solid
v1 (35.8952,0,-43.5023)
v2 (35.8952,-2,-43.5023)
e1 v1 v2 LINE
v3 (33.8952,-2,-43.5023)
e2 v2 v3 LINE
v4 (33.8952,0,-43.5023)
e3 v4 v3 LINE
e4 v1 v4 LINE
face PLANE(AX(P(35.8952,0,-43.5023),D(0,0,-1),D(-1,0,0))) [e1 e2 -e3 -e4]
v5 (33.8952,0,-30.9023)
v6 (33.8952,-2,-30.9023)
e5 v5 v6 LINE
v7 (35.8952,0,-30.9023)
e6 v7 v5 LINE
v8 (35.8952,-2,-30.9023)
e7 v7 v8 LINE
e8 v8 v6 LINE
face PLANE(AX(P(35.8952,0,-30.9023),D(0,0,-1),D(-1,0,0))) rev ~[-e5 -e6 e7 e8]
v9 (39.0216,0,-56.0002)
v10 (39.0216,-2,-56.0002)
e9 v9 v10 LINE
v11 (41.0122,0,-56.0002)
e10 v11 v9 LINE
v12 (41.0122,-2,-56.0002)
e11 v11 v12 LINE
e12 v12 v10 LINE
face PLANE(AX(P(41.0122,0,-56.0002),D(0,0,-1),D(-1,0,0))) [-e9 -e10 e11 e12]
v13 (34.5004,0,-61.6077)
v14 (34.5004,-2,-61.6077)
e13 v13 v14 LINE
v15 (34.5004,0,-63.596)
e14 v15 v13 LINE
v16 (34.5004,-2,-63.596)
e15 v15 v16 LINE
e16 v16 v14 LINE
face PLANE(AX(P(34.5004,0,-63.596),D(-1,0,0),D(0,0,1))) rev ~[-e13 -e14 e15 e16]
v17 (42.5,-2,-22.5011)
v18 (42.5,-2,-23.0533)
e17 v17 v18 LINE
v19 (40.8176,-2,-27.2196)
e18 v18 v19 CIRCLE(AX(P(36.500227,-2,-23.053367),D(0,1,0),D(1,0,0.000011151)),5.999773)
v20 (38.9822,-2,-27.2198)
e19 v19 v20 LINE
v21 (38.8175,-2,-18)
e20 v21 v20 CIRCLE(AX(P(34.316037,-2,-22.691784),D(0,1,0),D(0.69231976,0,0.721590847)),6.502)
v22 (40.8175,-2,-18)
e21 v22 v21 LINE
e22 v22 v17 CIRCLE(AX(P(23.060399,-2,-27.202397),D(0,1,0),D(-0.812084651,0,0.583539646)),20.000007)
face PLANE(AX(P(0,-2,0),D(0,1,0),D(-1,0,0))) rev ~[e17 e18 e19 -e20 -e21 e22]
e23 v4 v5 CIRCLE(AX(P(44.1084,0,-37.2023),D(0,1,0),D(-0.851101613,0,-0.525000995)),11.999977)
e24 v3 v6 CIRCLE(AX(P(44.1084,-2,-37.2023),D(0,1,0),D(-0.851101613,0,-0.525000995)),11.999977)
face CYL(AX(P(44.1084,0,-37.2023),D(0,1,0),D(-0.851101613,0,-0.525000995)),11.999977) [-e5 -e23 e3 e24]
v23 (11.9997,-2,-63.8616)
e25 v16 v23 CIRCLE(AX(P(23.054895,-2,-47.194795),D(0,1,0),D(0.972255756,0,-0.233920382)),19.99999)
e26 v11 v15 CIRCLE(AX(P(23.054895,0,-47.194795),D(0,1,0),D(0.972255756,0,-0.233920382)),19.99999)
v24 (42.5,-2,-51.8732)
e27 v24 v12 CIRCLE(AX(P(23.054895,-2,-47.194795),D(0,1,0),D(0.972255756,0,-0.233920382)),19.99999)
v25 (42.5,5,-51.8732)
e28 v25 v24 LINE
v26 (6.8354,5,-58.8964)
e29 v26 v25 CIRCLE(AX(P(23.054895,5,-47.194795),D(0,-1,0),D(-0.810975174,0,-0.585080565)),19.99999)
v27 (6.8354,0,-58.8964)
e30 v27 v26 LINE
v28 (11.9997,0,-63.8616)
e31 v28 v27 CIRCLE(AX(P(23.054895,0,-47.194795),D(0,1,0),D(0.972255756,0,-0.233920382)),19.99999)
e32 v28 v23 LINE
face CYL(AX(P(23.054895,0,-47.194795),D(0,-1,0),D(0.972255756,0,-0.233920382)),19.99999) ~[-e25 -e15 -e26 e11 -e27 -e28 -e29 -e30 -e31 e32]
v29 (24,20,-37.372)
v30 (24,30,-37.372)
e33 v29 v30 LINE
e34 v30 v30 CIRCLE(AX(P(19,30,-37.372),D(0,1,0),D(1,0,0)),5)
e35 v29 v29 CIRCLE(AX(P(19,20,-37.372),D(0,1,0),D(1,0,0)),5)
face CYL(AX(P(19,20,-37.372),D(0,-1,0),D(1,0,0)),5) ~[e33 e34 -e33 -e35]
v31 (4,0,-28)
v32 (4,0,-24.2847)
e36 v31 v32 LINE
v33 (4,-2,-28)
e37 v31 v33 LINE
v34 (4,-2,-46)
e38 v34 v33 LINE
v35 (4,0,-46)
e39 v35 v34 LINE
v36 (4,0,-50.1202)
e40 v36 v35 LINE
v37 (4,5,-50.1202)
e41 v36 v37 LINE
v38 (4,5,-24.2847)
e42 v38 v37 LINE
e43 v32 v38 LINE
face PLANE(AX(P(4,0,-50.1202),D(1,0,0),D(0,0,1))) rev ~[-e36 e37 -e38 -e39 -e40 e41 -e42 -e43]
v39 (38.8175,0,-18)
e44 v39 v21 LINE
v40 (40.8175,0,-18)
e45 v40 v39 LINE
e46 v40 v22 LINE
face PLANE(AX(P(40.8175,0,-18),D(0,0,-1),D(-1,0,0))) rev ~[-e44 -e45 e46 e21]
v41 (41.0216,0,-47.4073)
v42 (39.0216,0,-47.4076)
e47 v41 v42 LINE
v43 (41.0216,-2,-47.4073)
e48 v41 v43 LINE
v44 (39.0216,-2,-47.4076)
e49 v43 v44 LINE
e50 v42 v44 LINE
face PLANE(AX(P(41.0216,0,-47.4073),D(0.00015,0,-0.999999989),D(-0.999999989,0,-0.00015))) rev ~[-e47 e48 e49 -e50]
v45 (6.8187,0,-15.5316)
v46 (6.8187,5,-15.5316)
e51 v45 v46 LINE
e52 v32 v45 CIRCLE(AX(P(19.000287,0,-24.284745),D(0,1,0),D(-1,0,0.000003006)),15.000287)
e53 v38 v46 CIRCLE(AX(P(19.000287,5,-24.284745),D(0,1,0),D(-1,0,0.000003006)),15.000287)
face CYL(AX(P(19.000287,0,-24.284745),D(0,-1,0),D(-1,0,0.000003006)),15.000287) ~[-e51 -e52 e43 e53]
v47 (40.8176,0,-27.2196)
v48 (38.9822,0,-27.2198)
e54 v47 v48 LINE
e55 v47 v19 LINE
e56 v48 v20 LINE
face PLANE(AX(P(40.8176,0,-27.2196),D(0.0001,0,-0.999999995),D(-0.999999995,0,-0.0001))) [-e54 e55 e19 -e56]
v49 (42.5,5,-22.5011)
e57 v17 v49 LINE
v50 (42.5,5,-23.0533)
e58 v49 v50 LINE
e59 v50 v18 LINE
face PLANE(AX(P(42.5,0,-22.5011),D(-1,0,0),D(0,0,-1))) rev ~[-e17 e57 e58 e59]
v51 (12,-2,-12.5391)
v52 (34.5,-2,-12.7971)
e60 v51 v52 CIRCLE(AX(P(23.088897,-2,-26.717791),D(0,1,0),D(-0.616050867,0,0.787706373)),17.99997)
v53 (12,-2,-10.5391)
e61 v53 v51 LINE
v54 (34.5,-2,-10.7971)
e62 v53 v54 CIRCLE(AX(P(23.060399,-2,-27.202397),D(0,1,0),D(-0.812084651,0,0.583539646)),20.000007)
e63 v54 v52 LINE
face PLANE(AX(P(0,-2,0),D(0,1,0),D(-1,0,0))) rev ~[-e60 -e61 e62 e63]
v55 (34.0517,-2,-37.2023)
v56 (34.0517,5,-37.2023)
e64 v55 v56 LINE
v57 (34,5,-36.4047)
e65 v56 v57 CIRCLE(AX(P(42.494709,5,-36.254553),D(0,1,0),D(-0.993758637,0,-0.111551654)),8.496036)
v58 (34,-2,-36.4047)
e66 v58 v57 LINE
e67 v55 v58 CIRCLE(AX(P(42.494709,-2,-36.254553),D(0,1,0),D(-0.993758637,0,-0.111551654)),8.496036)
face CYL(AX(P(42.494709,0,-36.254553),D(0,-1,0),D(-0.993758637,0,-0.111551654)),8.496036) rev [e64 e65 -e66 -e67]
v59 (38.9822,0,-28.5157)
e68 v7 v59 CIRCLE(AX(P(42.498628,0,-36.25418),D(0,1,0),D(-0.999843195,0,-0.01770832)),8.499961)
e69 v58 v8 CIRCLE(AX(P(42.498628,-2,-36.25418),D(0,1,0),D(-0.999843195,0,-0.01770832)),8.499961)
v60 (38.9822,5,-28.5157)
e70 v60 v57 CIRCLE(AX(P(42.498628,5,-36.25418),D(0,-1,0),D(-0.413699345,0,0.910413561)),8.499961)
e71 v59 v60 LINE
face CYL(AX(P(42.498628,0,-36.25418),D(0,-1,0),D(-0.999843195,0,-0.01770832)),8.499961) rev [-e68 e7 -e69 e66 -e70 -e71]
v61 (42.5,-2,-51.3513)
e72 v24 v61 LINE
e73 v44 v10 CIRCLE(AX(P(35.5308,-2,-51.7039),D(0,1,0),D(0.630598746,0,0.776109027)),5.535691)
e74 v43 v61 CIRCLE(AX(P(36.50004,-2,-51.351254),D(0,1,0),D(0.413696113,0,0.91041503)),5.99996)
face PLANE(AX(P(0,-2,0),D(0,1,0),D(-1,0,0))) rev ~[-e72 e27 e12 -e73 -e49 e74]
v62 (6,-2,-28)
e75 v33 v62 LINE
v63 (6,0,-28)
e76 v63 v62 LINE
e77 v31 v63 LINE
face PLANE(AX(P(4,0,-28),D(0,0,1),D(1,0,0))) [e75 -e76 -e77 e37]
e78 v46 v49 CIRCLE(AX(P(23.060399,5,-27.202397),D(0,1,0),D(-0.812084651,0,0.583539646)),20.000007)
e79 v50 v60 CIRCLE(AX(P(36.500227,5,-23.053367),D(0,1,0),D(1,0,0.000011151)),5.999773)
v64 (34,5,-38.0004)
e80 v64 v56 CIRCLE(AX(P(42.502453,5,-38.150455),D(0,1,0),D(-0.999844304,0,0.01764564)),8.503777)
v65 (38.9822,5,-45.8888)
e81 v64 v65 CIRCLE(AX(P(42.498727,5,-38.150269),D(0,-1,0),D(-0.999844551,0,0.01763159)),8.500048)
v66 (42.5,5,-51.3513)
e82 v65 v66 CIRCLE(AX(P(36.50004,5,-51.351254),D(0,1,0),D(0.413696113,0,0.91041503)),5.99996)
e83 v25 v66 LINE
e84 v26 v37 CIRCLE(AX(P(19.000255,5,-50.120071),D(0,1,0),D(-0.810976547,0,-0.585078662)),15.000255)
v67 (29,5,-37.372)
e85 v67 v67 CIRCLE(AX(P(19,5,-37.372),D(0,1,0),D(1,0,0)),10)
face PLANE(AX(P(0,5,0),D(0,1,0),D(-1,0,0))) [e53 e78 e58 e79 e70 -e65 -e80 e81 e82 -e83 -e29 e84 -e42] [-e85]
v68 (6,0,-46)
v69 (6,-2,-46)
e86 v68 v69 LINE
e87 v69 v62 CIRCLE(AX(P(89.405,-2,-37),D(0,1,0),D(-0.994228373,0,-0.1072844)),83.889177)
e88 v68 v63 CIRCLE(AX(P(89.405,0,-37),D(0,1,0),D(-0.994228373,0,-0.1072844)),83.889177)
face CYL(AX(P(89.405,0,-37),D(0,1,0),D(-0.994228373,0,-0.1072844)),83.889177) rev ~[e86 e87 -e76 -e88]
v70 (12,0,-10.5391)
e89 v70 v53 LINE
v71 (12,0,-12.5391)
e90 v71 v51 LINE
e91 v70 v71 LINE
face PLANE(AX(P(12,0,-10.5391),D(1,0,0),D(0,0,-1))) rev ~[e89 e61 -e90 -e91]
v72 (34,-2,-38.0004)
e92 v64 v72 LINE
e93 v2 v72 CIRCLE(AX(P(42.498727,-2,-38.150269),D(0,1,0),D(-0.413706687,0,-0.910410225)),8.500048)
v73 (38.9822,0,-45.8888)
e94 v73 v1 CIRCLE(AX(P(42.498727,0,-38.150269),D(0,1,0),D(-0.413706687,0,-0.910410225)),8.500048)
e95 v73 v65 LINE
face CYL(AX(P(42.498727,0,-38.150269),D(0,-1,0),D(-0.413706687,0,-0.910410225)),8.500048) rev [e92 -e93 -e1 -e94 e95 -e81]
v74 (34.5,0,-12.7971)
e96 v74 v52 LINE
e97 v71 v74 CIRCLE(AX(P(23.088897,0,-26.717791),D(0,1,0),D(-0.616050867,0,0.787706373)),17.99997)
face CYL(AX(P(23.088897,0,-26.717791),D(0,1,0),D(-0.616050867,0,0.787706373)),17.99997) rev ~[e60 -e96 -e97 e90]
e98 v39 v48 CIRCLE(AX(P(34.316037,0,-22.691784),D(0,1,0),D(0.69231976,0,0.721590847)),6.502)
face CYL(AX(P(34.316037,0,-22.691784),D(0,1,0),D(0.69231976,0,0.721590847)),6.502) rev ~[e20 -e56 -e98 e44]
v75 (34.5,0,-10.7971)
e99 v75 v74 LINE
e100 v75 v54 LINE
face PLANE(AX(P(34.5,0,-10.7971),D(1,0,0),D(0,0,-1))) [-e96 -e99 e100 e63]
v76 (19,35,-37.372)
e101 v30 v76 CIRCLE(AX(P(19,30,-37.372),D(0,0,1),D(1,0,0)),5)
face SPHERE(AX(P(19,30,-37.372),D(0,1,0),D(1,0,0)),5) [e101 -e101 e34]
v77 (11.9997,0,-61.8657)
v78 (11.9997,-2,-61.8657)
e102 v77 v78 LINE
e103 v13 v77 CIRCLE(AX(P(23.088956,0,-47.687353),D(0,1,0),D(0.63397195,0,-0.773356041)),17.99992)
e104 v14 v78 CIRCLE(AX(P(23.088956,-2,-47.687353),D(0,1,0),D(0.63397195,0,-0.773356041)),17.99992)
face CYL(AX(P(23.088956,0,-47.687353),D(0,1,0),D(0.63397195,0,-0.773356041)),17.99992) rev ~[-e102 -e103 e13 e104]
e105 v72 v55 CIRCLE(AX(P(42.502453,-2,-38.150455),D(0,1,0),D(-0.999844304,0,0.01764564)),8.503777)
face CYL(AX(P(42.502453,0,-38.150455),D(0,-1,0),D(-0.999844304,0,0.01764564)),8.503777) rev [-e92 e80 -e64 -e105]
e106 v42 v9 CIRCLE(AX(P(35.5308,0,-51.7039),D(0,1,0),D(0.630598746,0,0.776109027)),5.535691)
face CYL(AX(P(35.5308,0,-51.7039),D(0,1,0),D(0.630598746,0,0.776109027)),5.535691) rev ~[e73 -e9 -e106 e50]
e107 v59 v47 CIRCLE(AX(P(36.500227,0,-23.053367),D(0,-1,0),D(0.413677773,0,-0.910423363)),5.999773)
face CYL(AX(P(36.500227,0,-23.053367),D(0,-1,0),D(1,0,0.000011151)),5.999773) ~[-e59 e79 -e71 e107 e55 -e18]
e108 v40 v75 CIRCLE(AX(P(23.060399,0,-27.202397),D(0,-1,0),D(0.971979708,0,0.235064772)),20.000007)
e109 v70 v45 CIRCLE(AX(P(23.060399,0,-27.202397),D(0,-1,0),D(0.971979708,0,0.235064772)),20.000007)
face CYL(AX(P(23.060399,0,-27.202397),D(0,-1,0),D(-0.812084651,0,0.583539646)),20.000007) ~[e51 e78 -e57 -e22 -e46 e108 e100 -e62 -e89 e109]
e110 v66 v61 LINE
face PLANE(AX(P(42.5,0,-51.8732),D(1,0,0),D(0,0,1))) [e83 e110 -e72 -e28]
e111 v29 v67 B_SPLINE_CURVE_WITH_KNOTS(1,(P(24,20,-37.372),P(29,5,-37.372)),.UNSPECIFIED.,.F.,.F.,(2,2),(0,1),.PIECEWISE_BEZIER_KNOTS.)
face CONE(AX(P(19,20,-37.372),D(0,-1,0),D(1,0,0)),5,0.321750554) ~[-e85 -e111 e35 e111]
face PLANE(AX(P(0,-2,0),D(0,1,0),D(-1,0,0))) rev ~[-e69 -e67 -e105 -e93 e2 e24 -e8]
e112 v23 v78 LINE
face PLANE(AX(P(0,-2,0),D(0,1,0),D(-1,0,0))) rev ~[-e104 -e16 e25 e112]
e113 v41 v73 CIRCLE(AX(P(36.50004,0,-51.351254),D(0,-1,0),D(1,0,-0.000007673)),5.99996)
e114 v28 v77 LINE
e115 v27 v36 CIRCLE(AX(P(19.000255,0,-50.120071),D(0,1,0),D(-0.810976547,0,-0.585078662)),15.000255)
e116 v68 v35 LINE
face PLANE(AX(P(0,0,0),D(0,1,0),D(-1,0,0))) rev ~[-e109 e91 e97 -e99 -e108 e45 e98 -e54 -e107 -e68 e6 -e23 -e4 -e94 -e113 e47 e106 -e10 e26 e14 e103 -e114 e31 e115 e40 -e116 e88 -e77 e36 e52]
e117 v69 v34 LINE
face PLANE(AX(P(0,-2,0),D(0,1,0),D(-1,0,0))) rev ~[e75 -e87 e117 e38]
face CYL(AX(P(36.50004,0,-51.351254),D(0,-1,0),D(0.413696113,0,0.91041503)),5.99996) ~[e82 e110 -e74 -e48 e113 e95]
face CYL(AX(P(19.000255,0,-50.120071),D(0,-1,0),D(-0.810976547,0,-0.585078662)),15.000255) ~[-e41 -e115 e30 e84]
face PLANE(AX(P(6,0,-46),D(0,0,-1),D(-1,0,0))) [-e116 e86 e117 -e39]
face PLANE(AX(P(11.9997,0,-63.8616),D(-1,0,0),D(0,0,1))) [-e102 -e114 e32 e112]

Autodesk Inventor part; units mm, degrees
ref_plane "YZ Plane" through (0, 0, 0) normal (1, 0, 0) x (0, 1, 0)
ref_plane "XZ Plane" through (0, 0, 0) normal (0, 1, 0) x (-1, 0, 0)
sketch "Szkic1" plane through (0, 0, 0) normal (0, 1, 0) x (-1, 0, 0)
  line L0 (-4, -50.1202) -> (-4, -37.2024)
  line L1 (-42.5, -51.8732) -> (-42.5, -51.3513)
  line L2 (-4, -38) -> (-4, -50.1202)
  arc A0 (-38.9822, -45.8888) -> (-34, -38.0004) centre (-42.4987, -38.1503) ccw
  line L3 (-42.5, -51.3513) -> (-42.5, -51.8732)
  arc A1 (-34, -38.0004) -> (-34.0517, -37.2023) centre (-42.4987, -38.1503) ccw
  arc A2 (-38.9822, -45.8888) -> (-42.5, -51.3513) centre (-36.5, -51.3513) ccw
  arc A3 (-42.5, -51.8732) -> (-6.8354, -58.8964) centre (-23.0549, -47.1948) ccw
  arc A4 (-6.8354, -58.8964) -> (-4, -50.1202) centre (-19, -50.1202) ccw
  line L4 (-42.5, -51.3513) -> (-42.5, -51.8732)
  line L5 (-4, -24.2847) -> (-4, -37.2024)
  line L6 (-42.5, -22.5011) -> (-42.5, -23.0533)
  line L7 (-4, -36.4049) -> (-4, -24.2847)
  arc A5 (-34, -36.4047) -> (-38.9822, -28.5157) centre (-42.4987, -36.2542) ccw
  line L8 (-42.5, -23.0533) -> (-42.5, -22.5011)
  arc A6 (-34.0517, -37.2023) -> (-34, -36.4047) centre (-42.4987, -36.2542) ccw
  arc A7 (-42.5, -23.0533) -> (-38.9822, -28.5157) centre (-36.5, -23.0533) ccw
  arc A8 (-6.8187, -15.5316) -> (-42.5, -22.5011) centre (-23.0604, -27.2024) ccw
  arc A9 (-4, -24.2847) -> (-6.8187, -15.5316) centre (-19, -24.2847) ccw
  line L9 (-42.5, -23.0533) -> (-42.5, -22.5011)
  line L10 (-12, -10.5391) -> (-12, -12.5391)
  line L11 (-34.5, -10.7971) -> (-34.5, -12.7971)
  arc A10 (-12, -12.5391) -> (-34.5, -12.7971) centre (-23.0889, -26.7178) ccw
  line L12 (-11.9997, -63.8616) -> (-11.9997, -61.8657)
  line L13 (-34.5004, -63.596) -> (-34.5004, -61.6077)
  arc A11 (-34.5004, -61.6077) -> (-11.9997, -61.8657) centre (-23.0889, -47.6872) ccw
  line L14 (-35.8952, -43.5023) -> (-33.8952, -43.5023)
  line L15 (-35.8952, -30.9023) -> (-33.8952, -30.9023)
  arc A12 (-33.8952, -43.5023) -> (-33.8952, -30.9023) centre (-44.1084, -37.2023) ccw
  line L16 (-4, -28) -> (-6, -28)
  line L17 (-6, -46) -> (-4, -46)
  arc A13 (-6, -46) -> (-6, -28) centre (-89.405, -37) ccw
  line L18 (-40.8175, -18) -> (-38.8175, -18)
  line L19 (-40.8176, -27.2196) -> (-38.8176, -27.2198)
  arc A14 (-38.8175, -18) -> (-38.9822, -27.2198) centre (-34.316, -22.6918) ccw
  line L20 (-41.0122, -56.0002) -> (-39.0216, -56.0002)
  line L21 (-39.0216, -56.0002) -> (-41.0122, -56.0002)
  line L22 (-41.0216, -47.4073) -> (-39.0216, -47.4076)
  arc A15 (-39.0216, -47.4076) -> (-39.0216, -56.0002) centre (-35.5308, -51.7039) ccw
  line L23 (-19, -7.6189) -> (11, -7.6189) construction
  point P0 (0, 0)
  point P1 (-42.5001, -29.6503)
  point P2 (-4, -22.2491)
  point P3 (-23.0549, -67.1948)
  point P4 (-23.0549, -67.1948)
  point P5 (-42.5, -44.7542)
  point P6 (-23.0604, -7.2024)
  point P7 (-23.0604, -7.2024)
  dimension "d12" = 15
  dimension "d13" = 30
  dimension "d14" = 6
  dimension "d15" = 20
  dimension "d21" = 38.5
  dimension "d53" = 2
extrude "Wyciągnięcie proste1" add sketch "Szkic1" along normal blind 5
extrude "Wyciągnięcie proste2" add sketch "Szkic1" against normal blind 2 contours L17 A13 L16 L5 L0 | A3 L13 A11 L12 | A3 L1 A2 L22 A15 L20 | L10 A10 L11 A8 | L18 A14 L19 A7 L6 A8 | A0 A1 A6 A5 L15 A12 L14
sketch "Szkic5" plane through (0, 5, 0) normal (0, 1, 0) x (1, 0, 0)
  line L0 (4, 28) -> (6, 28) projected
  arc A0 (6, 46) -> (6, 28) centre (89.405, 37) ccw projected
  line L1 (6, 46) -> (4, 46) projected
  line L2 (4, 50.1202) -> (4, 46) projected
  arc A1 (6.8354, 58.8964) -> (4, 50.1202) centre (19, 50.1202) ccw projected
  arc A2 (11.9997, 63.8616) -> (6.8354, 58.8964) centre (23.0549, 47.1948) ccw projected
  line L3 (11.9997, 63.8616) -> (11.9997, 61.8657) projected
  arc A3 (34.5004, 61.6077) -> (11.9997, 61.8657) centre (23.0889, 47.6872) ccw projected
  line L4 (34.5004, 61.6077) -> (34.5004, 63.596) projected
  arc A4 (41.0122, 56.0002) -> (34.5004, 63.596) centre (23.0549, 47.1948) ccw projected
  line L5 (41.0122, 56.0002) -> (39.0216, 56.0002) projected
  arc A5 (39.0216, 47.4076) -> (39.0216, 56.0002) centre (35.5308, 51.7039) ccw projected
  line L6 (39.0216, 47.4076) -> (41.0216, 47.4073) projected
  arc A6 (38.9822, 45.8888) -> (41.0216, 47.4073) centre (36.5, 51.3513) ccw projected
  arc A7 (38.9822, 45.8888) -> (35.8952, 43.5023) centre (42.4987, 38.1503) ccw projected
  line L7 (35.8952, 43.5023) -> (33.8952, 43.5023) projected
  arc A8 (33.8952, 43.5023) -> (33.8952, 30.9023) centre (44.1084, 37.2023) ccw projected
  line L8 (33.8952, 30.9023) -> (35.8952, 30.9023) projected
  arc A9 (35.8952, 30.9023) -> (38.9822, 28.5157) centre (42.4987, 36.2542) ccw projected
  arc A10 (40.8176, 27.2196) -> (38.9822, 28.5157) centre (36.5, 23.0533) ccw projected
  line L9 (40.8176, 27.2196) -> (38.9822, 27.2198) projected
  arc A11 (38.8175, 18) -> (38.9822, 27.2198) centre (34.316, 22.6918) ccw projected
  line L10 (38.8175, 18) -> (40.8175, 18) projected
  arc A12 (34.5, 10.7971) -> (40.8175, 18) centre (23.0604, 27.2024) ccw projected
  line L11 (34.5, 10.7971) -> (34.5, 12.7971) projected
  arc A13 (12, 12.5391) -> (34.5, 12.7971) centre (23.0889, 26.7178) ccw projected
  line L12 (12, 12.5391) -> (12, 10.5391) projected
  arc A14 (6.8187, 15.5316) -> (12, 10.5391) centre (23.0604, 27.2024) ccw projected
  arc A15 (4, 24.2847) -> (6.8187, 15.5316) centre (19, 24.2847) ccw projected
  line L13 (4, 28) -> (4, 24.2847) projected
  arc A16 (12, 10.5391) -> (34.5, 10.7971) centre (23.0604, 27.2024) ccw projected
  arc A17 (34.5004, 63.596) -> (11.9997, 63.8616) centre (23.0549, 47.1948) ccw projected
  line L14 (4, 28) -> (4, 46) projected
  arc A18 (40.8175, 18) -> (42.5, 22.5011) centre (23.0604, 27.2024) ccw projected
  arc A19 (42.5, 23.0533) -> (40.8176, 27.2196) centre (36.5, 23.0533) ccw projected
  line L15 (42.5, 23.0533) -> (42.5, 22.5011) projected
  arc A20 (34.0517, 37.2023) -> (35.8952, 30.9023) centre (42.4987, 36.2542) ccw projected
  arc A21 (35.8952, 43.5023) -> (34.0517, 37.2023) centre (42.4987, 38.1503) ccw projected
  arc A22 (42.5, 51.8732) -> (41.0122, 56.0002) centre (23.0549, 47.1948) ccw projected
  line L16 (42.5, 51.8732) -> (42.5, 51.3513) projected
  arc A23 (41.0216, 47.4073) -> (42.5, 51.3513) centre (36.5, 51.3513) ccw projected
  arc A24 (6.8187, 15.5316) -> (42.5, 22.5011) centre (23.0604, 27.2024) ccw projected
  line L17 (20.4612, 7.372) -> (50.4612, 7.372) construction
  line L18 (4, 50.1202) -> (4, 24.2847) projected
  circle A25 centre (19, 37.372) radius 10
  dimension "d74" = 20
ref_plane "Płaszczyzna konstrukcyjna1" through (0, 20, 0) normal (0, 1, 0) x (1, 0, 0)
sketch "Szkic6" plane through (0, 20, 0) normal (0, 1, 0) x (1, 0, 0)
  circle A0 centre (19, 37.372) radius 5
  point P0 (0, 0)
  dimension "d76" = 10
loft "Wyciągnięcie złożone1" add profiles "Szkic6", "Szkic5" contours all / A25
sketch "Szkic7" plane through (19, 20, -37.372) normal (0, 1, 0) x (1, 0, 0)
  circle A0 centre (0, 0) radius 5
  point P0 (-19, -37.372)
  dimension "d85" = 10
extrude "Wyciągnięcie proste3" add sketch "Szkic7" along normal blind 15
fillet "Zaokrąglenie1" radius 5 1 edges at (14, 35, -37.372)
properties part number "1" material "Tytan 6Al-4V"
